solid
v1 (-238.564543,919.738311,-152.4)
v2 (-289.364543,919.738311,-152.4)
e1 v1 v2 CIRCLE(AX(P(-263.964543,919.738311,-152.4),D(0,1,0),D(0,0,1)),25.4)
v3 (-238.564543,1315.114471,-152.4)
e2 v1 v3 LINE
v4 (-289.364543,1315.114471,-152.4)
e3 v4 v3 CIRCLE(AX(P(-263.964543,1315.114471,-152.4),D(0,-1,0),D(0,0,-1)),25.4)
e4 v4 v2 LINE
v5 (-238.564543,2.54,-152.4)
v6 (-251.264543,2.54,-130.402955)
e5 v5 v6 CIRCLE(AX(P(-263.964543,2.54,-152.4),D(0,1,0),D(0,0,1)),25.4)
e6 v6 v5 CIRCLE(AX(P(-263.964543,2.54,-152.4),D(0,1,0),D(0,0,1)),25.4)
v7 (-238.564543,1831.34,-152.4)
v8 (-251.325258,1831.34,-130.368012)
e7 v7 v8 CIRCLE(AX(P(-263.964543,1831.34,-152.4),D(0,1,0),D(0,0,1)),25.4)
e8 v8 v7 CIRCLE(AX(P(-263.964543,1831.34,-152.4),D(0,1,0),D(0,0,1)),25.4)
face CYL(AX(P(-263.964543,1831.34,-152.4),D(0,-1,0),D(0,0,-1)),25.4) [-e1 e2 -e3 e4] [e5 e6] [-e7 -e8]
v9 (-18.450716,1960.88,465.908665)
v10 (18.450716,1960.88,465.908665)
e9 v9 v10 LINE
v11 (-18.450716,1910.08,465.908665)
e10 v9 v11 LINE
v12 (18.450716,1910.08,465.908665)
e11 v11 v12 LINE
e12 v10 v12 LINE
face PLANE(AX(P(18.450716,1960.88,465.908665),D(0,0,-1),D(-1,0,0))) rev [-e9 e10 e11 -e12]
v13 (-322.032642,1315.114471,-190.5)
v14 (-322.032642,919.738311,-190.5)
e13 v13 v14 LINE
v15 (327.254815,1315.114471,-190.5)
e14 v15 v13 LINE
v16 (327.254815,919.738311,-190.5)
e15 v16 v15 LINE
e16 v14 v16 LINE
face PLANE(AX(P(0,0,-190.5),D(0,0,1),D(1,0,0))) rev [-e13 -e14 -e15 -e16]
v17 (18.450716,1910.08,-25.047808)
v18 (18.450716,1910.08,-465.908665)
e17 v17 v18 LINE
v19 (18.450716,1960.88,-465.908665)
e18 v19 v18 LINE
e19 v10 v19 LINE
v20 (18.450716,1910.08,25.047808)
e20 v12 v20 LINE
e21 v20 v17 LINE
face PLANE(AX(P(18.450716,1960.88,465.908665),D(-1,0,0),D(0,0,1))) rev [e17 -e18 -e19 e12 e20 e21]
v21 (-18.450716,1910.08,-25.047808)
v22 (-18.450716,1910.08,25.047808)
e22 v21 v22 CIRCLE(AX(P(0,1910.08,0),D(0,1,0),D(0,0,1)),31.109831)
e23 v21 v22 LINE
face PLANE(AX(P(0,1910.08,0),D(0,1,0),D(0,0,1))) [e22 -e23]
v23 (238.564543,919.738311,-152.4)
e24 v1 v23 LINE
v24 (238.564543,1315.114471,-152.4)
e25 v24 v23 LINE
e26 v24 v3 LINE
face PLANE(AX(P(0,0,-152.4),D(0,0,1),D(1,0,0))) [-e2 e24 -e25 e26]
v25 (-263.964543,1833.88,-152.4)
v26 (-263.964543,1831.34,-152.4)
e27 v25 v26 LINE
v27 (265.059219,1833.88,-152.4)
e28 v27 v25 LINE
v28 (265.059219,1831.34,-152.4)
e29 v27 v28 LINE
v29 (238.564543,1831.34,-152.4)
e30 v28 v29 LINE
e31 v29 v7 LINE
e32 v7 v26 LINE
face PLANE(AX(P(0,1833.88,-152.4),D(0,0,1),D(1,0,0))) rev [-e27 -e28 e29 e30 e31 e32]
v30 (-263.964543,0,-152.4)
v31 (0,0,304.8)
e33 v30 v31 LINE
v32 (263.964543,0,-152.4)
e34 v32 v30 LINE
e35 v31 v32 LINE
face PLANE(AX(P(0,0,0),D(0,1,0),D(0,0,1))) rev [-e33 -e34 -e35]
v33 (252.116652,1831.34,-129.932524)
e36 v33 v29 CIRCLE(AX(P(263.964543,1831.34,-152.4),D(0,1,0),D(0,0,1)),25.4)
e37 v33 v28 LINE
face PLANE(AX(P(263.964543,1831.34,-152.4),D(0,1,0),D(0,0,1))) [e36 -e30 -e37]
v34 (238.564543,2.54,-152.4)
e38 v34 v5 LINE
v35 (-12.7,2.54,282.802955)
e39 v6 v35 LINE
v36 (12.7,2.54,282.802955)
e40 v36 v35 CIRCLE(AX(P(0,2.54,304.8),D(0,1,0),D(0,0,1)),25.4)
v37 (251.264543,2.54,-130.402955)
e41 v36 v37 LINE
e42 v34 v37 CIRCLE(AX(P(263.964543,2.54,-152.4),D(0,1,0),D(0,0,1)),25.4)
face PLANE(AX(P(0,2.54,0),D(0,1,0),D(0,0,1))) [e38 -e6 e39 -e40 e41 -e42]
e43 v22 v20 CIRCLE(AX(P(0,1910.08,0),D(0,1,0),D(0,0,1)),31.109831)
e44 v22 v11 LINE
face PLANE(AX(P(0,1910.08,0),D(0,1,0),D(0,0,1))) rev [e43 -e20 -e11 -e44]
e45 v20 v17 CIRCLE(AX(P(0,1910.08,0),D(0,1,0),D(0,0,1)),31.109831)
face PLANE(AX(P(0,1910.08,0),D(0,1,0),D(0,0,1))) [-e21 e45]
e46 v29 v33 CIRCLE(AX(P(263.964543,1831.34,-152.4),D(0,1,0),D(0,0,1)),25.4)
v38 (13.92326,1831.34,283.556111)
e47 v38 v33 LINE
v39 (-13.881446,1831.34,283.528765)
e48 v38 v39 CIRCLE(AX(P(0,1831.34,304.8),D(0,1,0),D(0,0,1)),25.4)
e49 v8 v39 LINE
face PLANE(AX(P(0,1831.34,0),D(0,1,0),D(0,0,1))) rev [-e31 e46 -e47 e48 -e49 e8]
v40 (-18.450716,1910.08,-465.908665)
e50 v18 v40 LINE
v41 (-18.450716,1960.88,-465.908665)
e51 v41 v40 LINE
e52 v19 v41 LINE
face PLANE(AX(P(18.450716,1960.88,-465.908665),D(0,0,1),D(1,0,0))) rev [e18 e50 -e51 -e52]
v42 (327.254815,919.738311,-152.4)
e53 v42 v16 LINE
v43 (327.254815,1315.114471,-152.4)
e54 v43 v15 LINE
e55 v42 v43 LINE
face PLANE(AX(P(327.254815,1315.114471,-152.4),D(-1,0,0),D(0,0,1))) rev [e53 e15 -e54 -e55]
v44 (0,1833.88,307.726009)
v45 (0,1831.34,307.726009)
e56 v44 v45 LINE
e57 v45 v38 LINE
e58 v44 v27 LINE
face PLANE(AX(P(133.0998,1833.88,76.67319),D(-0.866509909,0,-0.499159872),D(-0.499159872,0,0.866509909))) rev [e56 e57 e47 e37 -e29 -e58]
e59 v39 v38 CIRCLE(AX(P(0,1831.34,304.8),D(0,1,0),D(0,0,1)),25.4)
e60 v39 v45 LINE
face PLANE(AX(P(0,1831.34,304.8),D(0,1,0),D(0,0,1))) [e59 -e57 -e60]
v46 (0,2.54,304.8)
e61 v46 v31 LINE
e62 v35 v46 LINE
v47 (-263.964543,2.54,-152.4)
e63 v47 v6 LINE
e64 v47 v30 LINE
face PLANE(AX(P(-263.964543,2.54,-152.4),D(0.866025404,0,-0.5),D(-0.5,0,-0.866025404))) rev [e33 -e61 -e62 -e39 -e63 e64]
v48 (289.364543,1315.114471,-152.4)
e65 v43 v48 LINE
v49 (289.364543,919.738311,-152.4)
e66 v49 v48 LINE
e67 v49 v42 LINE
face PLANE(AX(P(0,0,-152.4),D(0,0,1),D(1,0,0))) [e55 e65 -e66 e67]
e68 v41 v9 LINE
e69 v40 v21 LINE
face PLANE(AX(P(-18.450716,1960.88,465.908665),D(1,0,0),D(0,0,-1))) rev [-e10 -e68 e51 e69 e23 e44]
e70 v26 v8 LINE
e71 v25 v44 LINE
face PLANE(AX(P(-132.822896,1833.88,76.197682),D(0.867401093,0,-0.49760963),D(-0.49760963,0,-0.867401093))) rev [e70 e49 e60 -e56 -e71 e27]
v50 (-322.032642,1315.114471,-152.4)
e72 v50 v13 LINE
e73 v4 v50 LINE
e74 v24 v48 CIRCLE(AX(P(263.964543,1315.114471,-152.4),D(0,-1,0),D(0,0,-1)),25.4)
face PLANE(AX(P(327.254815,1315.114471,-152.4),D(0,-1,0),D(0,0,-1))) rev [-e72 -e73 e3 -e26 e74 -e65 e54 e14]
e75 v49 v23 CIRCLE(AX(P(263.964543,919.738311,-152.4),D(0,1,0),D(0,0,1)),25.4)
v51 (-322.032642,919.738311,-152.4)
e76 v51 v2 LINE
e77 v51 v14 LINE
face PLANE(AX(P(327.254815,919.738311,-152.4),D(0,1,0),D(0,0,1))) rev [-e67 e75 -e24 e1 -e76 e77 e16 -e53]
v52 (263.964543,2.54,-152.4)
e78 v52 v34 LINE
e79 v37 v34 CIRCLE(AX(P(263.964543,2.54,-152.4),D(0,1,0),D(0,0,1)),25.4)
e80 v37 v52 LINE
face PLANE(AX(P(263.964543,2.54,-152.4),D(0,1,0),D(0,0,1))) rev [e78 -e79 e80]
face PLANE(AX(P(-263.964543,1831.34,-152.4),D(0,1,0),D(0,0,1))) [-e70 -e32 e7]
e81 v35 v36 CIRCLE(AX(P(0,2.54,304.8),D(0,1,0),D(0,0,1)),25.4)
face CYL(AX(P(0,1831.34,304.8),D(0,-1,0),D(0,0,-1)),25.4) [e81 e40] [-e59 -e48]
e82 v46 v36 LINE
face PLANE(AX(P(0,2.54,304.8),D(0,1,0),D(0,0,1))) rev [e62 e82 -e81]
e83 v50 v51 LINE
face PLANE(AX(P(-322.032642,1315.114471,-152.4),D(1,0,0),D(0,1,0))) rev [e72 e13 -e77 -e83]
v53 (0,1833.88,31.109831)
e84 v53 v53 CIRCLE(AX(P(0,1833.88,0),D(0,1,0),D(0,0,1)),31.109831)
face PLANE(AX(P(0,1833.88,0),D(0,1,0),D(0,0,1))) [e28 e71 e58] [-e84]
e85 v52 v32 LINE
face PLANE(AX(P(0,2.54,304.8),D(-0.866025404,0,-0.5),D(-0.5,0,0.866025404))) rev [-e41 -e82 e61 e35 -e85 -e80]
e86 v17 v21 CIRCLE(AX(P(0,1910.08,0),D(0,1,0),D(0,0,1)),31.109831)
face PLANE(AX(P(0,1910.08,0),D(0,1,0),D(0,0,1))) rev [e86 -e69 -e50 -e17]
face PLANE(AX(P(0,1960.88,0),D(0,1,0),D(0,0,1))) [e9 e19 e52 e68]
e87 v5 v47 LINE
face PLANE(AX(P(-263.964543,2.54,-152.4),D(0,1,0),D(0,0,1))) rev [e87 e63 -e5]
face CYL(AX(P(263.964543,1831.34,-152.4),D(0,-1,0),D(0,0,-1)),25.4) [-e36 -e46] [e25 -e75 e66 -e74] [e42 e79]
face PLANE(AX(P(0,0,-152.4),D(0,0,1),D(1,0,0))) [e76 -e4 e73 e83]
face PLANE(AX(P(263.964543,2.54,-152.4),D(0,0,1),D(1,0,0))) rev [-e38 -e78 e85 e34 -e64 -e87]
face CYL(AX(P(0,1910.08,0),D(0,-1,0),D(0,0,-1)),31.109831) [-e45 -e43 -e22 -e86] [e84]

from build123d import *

# Parameters (mm, degrees)
BOSS_EXTRUDE1_DEPTH = 2.54
SKETCH2_R           = 25.4
BOSS_EXTRUDE2_DEPTH = 1828.8
BOSS_EXTRUDE3_DEPTH = 2.54
SKETCH4_R           = 31.109831221
BOSS_EXTRUDE5_DEPTH = 76.2
SKETCH5_W           = 36.901431936
SKETCH5_H           = 931.81733007
BOSS_EXTRUDE7_DEPTH = 50.8
BOSS_EXTRUDE8_DEPTH = 38.1


with BuildPart() as part:
    # Sketch1 → Boss-Extrude1 (new body)
    with BuildSketch(Plane(origin=(0, 0, 0), x_dir=(1, 0, 0), z_dir=(0, 1, 0))):
        Polygon((0, -304.8), (263.964543074, 152.4), (-263.964543074, 152.4), align=None)
    extrude(amount=BOSS_EXTRUDE1_DEPTH)

    # Sketch2 → Boss-Extrude2 (add)
    with BuildSketch(Plane(origin=(0, 2.54, 0), x_dir=(1, 0, 0), z_dir=(0, 1, 0))):
        with Locations(Location((0, -304.8, 0), (0, 0, 120))):
            Circle(SKETCH2_R)
        with Locations((-263.964543074, 152.4)):
            Circle(SKETCH2_R)
        with Locations(Location((263.964543074, 152.4, 0), (0, 0, 180))):
            Circle(SKETCH2_R)
    extrude(amount=BOSS_EXTRUDE2_DEPTH)

    # Sketch3 → Boss-Extrude3 (add)
    with BuildSketch(Plane(origin=(0, 1831.34, 0), x_dir=(1, 0, 0), z_dir=(0, 1, 0))):
        Polygon((-263.964543074, 152.4), (0, -307.726008903), (265.059219048, 152.4), align=None)
    extrude(amount=BOSS_EXTRUDE3_DEPTH)

    # Sketch4 → Boss-Extrude5 (add)
    with BuildSketch(Plane(origin=(0, 1833.88, 0), x_dir=(1, 0, 0), z_dir=(0, 1, 0))):
        with Locations(Location((0, 0, 0), (0, 0, 90))):
            Circle(SKETCH4_R)
    extrude(amount=BOSS_EXTRUDE5_DEPTH)

    # Sketch5 → Boss-Extrude7 (add)
    with BuildSketch(Plane(origin=(0, 1910.08, 0), x_dir=(1, 0, 0), z_dir=(0, 1, 0))):
        Rectangle(SKETCH5_W, SKETCH5_H)
    extrude(amount=BOSS_EXTRUDE7_DEPTH)

    # 3DSketch1 → Boss-Extrude8 (add)
    with BuildSketch(Plane(origin=(327.254814747, 1315.114471395, -152.4), x_dir=(-0.8541064020391608, -0.5200983118562486, 0), z_dir=(0, 0, 1))):
        Polygon((0, 0), (554.560573308, -337.693310003), (760.195046997, 0), (205.634473689, 337.693310003), align=None)
    extrude(amount=-BOSS_EXTRUDE8_DEPTH)


solid = part.part
